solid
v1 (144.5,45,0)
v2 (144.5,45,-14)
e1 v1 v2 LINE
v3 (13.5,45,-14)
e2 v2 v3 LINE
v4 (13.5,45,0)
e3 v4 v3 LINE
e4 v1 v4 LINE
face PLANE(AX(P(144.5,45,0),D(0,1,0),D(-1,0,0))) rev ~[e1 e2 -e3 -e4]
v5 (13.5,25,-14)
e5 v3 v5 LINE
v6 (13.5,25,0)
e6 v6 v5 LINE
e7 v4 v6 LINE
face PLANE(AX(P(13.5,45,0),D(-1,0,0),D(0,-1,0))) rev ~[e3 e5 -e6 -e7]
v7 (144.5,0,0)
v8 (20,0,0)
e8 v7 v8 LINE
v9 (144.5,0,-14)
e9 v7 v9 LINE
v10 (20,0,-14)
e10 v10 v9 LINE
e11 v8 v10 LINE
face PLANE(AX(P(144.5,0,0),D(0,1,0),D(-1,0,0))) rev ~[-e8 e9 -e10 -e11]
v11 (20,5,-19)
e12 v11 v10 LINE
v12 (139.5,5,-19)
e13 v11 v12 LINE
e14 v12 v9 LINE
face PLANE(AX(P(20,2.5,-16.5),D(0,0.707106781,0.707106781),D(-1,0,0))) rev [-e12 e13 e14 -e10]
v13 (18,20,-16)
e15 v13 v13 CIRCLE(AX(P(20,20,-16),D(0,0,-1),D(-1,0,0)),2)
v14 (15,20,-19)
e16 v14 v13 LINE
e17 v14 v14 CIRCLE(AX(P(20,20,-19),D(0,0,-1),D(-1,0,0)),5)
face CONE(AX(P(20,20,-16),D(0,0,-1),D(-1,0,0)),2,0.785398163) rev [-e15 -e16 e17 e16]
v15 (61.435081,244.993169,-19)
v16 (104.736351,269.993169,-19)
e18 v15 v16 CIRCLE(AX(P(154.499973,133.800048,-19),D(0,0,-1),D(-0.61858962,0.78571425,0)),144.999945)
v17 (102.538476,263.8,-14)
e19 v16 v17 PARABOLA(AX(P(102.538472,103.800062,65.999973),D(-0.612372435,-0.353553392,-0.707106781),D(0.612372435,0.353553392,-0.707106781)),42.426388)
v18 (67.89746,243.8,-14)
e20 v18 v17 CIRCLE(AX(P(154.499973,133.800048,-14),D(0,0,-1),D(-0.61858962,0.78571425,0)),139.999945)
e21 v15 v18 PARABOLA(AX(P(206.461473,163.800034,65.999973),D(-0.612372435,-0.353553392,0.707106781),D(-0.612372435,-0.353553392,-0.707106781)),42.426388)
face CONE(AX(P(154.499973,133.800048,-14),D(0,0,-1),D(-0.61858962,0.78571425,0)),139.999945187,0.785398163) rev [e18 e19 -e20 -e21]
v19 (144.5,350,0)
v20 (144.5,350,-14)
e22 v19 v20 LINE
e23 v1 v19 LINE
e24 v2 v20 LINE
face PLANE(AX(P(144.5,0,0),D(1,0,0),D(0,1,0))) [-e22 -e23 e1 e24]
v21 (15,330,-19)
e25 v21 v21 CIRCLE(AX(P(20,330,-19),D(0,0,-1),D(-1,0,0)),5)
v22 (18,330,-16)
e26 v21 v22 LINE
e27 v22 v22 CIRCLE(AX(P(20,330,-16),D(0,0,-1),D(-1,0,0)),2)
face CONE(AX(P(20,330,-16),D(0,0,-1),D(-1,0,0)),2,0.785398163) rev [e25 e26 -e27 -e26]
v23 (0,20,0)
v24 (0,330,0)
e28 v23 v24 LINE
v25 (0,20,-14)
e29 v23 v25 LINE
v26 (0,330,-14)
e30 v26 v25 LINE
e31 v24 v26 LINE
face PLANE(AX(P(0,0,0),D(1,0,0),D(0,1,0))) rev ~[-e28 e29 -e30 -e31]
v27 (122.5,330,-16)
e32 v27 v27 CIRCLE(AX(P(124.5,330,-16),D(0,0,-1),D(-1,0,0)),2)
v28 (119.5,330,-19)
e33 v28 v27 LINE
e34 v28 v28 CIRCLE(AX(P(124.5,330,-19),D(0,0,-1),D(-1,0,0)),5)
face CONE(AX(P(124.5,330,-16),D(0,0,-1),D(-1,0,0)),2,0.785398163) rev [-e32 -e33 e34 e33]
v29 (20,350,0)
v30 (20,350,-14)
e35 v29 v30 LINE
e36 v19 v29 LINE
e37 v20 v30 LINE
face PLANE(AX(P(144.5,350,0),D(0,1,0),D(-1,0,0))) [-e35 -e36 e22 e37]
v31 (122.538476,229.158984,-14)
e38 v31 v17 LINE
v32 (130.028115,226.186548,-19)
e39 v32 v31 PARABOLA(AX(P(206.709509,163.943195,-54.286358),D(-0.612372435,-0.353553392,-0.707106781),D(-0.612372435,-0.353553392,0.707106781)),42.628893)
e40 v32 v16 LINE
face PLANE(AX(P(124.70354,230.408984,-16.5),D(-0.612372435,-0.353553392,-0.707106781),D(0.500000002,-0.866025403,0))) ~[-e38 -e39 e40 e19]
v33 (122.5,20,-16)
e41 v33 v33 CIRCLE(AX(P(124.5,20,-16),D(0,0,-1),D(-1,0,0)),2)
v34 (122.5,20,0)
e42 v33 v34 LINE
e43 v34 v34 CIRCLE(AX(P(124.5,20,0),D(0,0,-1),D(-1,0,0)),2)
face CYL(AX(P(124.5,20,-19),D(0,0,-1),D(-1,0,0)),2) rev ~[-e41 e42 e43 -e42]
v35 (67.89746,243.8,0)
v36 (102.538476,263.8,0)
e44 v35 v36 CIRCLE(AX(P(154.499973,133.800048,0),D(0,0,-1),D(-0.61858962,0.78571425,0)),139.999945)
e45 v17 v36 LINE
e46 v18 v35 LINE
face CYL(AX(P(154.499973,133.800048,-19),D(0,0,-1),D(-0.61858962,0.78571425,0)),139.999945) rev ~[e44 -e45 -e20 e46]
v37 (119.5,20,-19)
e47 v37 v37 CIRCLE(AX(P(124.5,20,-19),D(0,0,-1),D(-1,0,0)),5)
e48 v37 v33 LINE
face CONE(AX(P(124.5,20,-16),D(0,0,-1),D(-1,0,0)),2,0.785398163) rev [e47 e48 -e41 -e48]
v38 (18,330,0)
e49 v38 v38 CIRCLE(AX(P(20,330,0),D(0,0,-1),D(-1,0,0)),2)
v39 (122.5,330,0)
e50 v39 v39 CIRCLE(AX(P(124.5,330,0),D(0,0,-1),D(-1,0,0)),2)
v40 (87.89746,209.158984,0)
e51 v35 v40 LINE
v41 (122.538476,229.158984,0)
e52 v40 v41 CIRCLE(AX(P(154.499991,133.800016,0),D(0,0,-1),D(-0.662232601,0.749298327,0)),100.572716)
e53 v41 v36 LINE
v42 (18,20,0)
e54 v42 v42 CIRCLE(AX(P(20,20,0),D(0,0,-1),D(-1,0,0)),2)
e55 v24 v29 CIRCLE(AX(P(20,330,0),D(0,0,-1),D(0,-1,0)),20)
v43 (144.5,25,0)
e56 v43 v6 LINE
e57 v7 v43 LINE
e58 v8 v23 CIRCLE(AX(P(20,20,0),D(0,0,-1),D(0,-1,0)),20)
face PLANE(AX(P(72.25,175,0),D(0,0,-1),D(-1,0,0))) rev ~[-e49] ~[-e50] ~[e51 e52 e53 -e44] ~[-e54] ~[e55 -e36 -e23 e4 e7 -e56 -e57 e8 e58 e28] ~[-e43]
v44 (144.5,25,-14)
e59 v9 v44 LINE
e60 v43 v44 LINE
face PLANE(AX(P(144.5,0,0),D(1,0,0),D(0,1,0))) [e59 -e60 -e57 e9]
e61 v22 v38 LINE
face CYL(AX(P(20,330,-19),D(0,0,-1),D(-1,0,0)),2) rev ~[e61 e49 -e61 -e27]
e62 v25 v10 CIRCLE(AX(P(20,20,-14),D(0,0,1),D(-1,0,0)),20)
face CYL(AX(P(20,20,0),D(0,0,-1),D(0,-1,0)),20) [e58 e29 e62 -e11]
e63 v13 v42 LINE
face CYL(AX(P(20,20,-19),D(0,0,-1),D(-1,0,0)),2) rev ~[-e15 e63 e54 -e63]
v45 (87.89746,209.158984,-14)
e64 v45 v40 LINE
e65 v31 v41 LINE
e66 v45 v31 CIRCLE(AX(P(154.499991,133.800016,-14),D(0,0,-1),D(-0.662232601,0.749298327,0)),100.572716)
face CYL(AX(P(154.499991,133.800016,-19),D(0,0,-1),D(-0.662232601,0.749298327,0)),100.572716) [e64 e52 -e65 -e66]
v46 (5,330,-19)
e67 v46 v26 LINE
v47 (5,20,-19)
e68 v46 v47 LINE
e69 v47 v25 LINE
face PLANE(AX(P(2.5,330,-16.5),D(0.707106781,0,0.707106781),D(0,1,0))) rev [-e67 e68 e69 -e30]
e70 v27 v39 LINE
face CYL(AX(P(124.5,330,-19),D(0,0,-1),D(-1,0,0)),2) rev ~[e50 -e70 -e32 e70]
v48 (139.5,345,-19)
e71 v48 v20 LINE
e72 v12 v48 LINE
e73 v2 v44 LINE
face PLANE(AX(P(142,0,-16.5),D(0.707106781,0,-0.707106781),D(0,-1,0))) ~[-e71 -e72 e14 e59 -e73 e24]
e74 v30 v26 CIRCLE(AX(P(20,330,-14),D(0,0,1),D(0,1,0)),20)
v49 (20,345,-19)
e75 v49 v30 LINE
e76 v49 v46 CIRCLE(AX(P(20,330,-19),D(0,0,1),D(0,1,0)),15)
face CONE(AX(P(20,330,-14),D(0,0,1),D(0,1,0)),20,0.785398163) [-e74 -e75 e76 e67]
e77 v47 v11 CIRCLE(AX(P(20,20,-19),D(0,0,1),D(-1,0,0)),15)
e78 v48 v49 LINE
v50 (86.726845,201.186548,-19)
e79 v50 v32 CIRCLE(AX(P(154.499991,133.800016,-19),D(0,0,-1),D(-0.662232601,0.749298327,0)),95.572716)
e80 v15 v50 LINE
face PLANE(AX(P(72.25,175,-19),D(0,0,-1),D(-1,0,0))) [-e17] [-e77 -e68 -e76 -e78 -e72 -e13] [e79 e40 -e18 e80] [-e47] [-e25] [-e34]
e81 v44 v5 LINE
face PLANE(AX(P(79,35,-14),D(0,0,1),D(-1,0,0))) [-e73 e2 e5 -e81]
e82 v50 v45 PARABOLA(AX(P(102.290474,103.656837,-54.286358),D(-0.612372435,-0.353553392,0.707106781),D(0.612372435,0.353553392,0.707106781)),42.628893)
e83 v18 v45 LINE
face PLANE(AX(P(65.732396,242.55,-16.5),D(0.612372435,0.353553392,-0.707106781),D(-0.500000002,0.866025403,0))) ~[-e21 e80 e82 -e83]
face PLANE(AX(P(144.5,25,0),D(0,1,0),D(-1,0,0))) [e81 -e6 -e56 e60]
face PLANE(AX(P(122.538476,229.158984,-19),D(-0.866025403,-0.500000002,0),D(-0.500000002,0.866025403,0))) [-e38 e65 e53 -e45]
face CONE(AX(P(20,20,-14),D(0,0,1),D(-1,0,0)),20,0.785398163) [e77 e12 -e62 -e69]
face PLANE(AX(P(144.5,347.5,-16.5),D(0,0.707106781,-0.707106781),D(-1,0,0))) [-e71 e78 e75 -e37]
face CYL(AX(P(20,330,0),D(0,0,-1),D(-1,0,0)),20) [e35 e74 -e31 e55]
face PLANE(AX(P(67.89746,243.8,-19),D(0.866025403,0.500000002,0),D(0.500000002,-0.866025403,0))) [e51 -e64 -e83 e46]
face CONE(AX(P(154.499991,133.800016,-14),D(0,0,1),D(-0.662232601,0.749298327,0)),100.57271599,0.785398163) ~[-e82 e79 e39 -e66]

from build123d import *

# Parameters (mm, degrees)
SKETCH024_W             = 144.5
SKETCH024_H             = 350
PAD017_DEPTH            = 19
FILLET007_R             = 20
SKETCH025_R             = 2
POCKET015_DEPTH         = 19.001
CHAMFER005_SIZE         = 5
POCKET020_DEPTH         = 19.001
CHAMFER006_SIZE         = 5
CHAMFER007_SIZE         = 3
SKETCH045_W             = 131
SKETCH045_H             = 20
POCKET029_DEPTH         = 14
BODY013_PLACEMENT_ANGLE = 180


with BuildPart() as part:
    # Sketch024 → Pad017 (new body)
    with BuildSketch(Plane.XY):
        with Locations((307.25, 41.2)):
            Rectangle(SKETCH024_W, SKETCH024_H)
    extrude(amount=PAD017_DEPTH)

    # Fillet007
    fillet007_edges = [part.edges().sort_by_distance(p)[0] for p in [
        (379.5, 216.2, 9.5),
        (379.5, -133.8, 9.5),
    ]]
    fillet(fillet007_edges, radius=FILLET007_R)

    # Sketch025 (on Face5 of Fillet007) → Pocket015 (cut, through all)
    with BuildSketch(Plane.XY.offset(19)):
        with Locations((359.5, 196.2)):
            Circle(SKETCH025_R)
        with Locations((359.5, -113.8)):
            Circle(SKETCH025_R)
        with Locations((255, -113.8)):
            Circle(SKETCH025_R)
        with Locations((255, 196.2)):
            Circle(SKETCH025_R)
    extrude(amount=-POCKET015_DEPTH, mode=Mode.SUBTRACT)

    # Chamfer005
    chamfer005_edges = [part.edges().sort_by_distance(p)[0] for p in [
        (297.25, 216.2, 19),
        (235, 41.2, 19),
    ]]
    chamfer(chamfer005_edges, length=CHAMFER005_SIZE)

    # Sketch030 (on Face9 of Chamfer005) → Pocket020 (cut, through all)
    with BuildSketch(Plane.XY.offset(19)):
        with BuildLine():
            Line((256.961524, 95.358984), (276.961524, 130))
            ThreePointArc((311.60254, 110), (295, 121.243557), (276.961524, 130))
            Line((311.60254, 110), (291.60254, 75.358984))
            ThreePointArc((291.60254, 75.358984), (275.286367, 87.098543), (256.961524, 95.358984))
        make_face()
    extrude(amount=-POCKET020_DEPTH, mode=Mode.SUBTRACT)

    # Chamfer006
    chamfer006_edges = [part.edges().sort_by_distance(p)[0] for p in [
        (295, 121.243557, 19),
        (266.961524, 112.679492, 19),
        (275.286367, 87.098543, 19),
        (301.60254, 92.679492, 19),
    ]]
    chamfer(chamfer006_edges, length=CHAMFER006_SIZE)

    # Chamfer007
    chamfer007_edges = [part.edges().sort_by_distance(p)[0] for p in [
        (253, 196.2, 19),
        (357.5, 196.2, 19),
        (357.5, -113.8, 19),
        (253, -113.8, 19),
    ]]
    chamfer(chamfer007_edges, length=CHAMFER007_SIZE)

    # Sketch045 (on Face30 of Chamfer007) → Pocket029 (cut)
    with BuildSketch(Plane(origin=(0, 0, 0), x_dir=(1, 0, 0), z_dir=(0, 0, -1))):
        with Locations((300.5, 98.8)):
            Rectangle(SKETCH045_W, SKETCH045_H)
    extrude(amount=-POCKET029_DEPTH, mode=Mode.SUBTRACT)


with BuildPart() as part_1:
    # Body013 placement: moved
    add(part.part.moved(Location((0, 0, 10))).rotate(Axis((0, 0, 10), (0, 1, 0)), BODY013_PLACEMENT_ANGLE))


with BuildPart() as part_2:
    # Clone placement: moved
    add(part_1.part.moved(Location((379.5, 133.8, -10))))


solid = part_2.part
